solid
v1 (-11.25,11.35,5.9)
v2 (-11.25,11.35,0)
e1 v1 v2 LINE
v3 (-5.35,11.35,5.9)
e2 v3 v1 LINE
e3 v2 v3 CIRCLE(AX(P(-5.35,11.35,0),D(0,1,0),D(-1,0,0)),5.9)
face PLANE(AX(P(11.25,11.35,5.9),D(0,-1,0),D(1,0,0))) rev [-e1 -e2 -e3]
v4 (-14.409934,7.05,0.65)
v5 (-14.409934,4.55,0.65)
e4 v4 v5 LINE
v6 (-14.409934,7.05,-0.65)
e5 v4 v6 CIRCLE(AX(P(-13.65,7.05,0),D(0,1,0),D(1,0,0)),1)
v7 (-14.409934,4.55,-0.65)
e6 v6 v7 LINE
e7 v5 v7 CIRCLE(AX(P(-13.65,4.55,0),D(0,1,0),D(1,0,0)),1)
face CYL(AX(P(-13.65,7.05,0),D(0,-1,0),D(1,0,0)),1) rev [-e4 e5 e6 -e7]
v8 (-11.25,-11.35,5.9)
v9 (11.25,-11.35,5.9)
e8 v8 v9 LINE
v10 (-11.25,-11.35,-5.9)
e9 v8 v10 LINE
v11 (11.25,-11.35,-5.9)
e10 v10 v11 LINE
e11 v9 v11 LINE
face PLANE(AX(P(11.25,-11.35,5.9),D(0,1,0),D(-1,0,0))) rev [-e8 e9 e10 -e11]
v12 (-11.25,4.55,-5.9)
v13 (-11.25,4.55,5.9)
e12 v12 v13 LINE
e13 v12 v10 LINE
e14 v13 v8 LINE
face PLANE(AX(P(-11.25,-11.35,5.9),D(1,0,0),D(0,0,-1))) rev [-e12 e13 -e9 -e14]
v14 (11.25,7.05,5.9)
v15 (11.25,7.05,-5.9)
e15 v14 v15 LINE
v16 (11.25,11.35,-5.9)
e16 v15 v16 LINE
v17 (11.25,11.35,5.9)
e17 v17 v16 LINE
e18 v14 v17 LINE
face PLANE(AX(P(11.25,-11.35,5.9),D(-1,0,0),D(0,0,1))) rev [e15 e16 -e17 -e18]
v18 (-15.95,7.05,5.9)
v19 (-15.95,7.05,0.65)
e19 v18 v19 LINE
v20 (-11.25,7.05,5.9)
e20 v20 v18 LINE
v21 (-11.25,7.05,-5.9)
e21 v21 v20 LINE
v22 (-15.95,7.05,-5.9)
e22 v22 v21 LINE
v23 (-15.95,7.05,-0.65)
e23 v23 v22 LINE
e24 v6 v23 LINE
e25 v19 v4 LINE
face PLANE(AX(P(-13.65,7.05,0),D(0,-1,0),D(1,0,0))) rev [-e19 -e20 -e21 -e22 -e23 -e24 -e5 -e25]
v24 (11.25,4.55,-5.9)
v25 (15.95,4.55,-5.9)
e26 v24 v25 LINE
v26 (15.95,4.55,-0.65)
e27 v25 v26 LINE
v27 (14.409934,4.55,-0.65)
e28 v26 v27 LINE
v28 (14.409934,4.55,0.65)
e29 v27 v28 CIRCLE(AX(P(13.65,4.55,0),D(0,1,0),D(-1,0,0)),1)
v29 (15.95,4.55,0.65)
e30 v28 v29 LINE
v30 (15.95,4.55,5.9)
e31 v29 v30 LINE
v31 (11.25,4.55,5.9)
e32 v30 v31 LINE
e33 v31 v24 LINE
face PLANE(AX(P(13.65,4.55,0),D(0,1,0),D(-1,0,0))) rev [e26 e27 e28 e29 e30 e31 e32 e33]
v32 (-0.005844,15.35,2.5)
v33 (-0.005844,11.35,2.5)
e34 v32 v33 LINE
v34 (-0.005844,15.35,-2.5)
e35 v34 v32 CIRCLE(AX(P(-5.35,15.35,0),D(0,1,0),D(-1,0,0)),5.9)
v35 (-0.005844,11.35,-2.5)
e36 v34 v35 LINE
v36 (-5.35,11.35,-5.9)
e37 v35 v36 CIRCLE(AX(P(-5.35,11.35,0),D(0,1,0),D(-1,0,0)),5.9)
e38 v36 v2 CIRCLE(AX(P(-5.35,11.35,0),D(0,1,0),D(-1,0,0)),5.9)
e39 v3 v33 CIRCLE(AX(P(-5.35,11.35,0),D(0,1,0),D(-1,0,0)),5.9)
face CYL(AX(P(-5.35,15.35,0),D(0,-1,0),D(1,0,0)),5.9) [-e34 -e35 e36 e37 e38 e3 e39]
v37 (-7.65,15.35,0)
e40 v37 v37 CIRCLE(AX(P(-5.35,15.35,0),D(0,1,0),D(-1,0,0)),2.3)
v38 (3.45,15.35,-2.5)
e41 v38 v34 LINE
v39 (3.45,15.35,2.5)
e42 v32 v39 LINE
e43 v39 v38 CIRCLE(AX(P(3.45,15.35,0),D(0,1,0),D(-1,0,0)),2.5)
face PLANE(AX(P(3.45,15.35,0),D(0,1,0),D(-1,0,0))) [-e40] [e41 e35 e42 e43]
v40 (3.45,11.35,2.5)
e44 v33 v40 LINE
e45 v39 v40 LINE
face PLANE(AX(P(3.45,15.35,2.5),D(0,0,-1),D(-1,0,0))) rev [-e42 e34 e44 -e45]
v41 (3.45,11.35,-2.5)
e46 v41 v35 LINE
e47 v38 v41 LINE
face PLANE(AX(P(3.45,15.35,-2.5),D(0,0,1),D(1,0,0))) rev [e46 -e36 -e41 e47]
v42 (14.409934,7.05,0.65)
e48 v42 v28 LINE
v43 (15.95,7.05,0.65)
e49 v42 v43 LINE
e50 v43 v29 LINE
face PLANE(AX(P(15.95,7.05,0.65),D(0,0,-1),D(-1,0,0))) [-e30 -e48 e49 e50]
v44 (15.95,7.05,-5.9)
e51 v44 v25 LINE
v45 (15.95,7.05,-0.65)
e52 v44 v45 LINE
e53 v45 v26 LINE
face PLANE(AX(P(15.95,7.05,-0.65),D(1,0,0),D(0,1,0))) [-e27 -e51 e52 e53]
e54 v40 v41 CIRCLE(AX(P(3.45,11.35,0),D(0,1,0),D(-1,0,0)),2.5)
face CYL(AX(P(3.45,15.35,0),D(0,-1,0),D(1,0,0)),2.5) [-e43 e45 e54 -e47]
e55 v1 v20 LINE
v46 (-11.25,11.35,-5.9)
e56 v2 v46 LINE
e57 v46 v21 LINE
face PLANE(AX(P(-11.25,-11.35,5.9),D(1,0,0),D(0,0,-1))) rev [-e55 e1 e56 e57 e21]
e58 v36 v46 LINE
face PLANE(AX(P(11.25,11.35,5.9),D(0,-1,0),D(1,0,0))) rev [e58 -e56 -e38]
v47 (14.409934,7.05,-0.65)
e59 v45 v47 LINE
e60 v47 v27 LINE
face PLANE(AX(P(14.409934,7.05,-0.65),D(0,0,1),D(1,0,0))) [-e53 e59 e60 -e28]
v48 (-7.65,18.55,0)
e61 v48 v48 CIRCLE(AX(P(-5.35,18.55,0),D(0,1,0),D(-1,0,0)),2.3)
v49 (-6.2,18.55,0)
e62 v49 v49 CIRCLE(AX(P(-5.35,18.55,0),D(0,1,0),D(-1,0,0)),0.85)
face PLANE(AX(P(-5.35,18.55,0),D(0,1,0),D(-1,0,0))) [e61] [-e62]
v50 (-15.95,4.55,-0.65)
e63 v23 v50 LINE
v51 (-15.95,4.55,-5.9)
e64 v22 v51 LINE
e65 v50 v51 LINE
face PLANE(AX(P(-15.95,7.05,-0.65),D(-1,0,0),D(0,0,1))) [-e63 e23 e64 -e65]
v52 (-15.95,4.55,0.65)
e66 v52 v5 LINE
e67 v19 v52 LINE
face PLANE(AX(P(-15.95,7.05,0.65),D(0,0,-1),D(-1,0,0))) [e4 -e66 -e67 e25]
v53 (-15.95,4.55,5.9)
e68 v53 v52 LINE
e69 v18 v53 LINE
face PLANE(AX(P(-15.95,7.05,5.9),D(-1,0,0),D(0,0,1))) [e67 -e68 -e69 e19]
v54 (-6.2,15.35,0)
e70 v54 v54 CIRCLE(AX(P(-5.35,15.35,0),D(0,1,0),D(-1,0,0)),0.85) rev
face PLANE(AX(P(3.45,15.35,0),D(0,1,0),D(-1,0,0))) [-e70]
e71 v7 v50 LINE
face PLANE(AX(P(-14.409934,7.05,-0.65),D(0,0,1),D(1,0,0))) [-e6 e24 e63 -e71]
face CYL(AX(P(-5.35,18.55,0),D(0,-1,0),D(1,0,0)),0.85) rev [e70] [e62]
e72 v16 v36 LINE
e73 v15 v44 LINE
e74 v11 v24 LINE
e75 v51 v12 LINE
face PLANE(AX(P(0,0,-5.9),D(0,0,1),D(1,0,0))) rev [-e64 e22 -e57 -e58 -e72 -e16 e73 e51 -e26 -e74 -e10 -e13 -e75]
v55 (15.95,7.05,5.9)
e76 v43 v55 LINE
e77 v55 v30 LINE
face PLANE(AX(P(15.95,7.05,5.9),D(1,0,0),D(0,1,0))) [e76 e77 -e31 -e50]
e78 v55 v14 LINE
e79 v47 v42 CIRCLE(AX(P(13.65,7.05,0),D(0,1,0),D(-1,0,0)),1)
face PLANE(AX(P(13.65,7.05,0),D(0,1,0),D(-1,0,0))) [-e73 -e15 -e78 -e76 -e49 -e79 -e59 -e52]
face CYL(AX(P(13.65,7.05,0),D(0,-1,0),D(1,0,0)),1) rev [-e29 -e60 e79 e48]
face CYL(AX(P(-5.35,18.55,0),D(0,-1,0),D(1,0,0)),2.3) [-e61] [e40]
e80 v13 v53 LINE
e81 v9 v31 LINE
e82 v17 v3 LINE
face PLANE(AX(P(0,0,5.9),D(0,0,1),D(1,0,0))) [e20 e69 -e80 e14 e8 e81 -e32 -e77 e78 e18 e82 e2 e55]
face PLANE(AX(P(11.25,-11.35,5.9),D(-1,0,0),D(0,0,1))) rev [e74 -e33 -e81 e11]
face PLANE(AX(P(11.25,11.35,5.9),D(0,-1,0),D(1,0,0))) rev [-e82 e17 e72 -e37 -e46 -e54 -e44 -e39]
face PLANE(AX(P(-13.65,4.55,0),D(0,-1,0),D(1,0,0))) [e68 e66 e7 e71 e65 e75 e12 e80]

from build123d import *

# Parameters (mm, degrees)
SKETCH2_W           = 22.5
SKETCH2_H           = 22.7
BOSS_EXTRUDE1_DEPTH = 5.9
BOSS_EXTRUDE2_DEPTH = 2.5
BOSS_EXTRUDE3_DEPTH = 4
SKETCH5_R           = 2.3
SKETCH5_R_2         = 0.85
BOSS_EXTRUDE4_DEPTH = 3.2


with BuildPart() as part:
    # Sketch2 → Boss-Extrude1 (new body, symmetric)
    with BuildSketch(Plane.XY):
        Rectangle(SKETCH2_W, SKETCH2_H)
    extrude(amount=BOSS_EXTRUDE1_DEPTH, both=True)

    # Sketch3 → Boss-Extrude2 (add)
    with BuildSketch(Plane(origin=(0, 4.55, 0), x_dir=(-1, 0, 0), z_dir=(0, -1, 0))):
        with BuildLine():
            Line((14.409934208, 0.65), (15.95, 0.65))
            Line((15.95, 0.65), (15.95, 5.9))
            Line((15.95, 5.9), (11.25, 5.9))
            Line((11.25, 5.9), (11.25, -5.9))
            Line((11.25, -5.9), (15.95, -5.9))
            Line((15.95, -5.9), (15.95, -0.65))
            Line((15.95, -0.65), (14.409934208, -0.65))
            ThreePointArc((14.409934208, -0.65), (12.65, 0), (14.409934208, 0.65))
        make_face()
        with BuildLine():
            Line((-11.25, -5.9), (-15.95, -5.9))
            Line((-15.95, -5.9), (-15.95, -0.65))
            Line((-15.95, -0.65), (-14.409934208, -0.65))
            ThreePointArc((-14.409934208, -0.65), (-12.65, 0), (-14.409934208, 0.65))
            Line((-14.409934208, 0.65), (-15.95, 0.65))
            Line((-15.95, 0.65), (-15.95, 5.9))
            Line((-15.95, 5.9), (-11.25, 5.9))
            Line((-11.25, 5.9), (-11.25, -5.9))
        make_face()
    extrude(amount=-BOSS_EXTRUDE2_DEPTH)

    # Sketch4 → Boss-Extrude3 (add)
    with BuildSketch(Plane(origin=(0, 11.35, 0), x_dir=(1, 0, 0), z_dir=(0, 1, 0))):
        with BuildLine():
            Line((3.45, 2.5), (-0.005844314, 2.5))
            ThreePointArc((-0.005844314, 2.5), (-11.25, 0), (-0.005844314, -2.5))
            Line((-0.005844314, -2.5), (3.45, -2.5))
            ThreePointArc((3.45, -2.5), (5.95, 0), (3.45, 2.5))
        make_face()
    extrude(amount=BOSS_EXTRUDE3_DEPTH)

    # Sketch5 → Boss-Extrude4 (add)
    with BuildSketch(Plane(origin=(0, 15.35, 0), x_dir=(1, 0, 0), z_dir=(0, 1, 0))):
        with Locations((-5.35, 0)):
            Circle(SKETCH5_R)
        with Locations((-5.35, 0)):
            Circle(SKETCH5_R_2, mode=Mode.SUBTRACT)
    extrude(amount=BOSS_EXTRUDE4_DEPTH)


solid = part.part
